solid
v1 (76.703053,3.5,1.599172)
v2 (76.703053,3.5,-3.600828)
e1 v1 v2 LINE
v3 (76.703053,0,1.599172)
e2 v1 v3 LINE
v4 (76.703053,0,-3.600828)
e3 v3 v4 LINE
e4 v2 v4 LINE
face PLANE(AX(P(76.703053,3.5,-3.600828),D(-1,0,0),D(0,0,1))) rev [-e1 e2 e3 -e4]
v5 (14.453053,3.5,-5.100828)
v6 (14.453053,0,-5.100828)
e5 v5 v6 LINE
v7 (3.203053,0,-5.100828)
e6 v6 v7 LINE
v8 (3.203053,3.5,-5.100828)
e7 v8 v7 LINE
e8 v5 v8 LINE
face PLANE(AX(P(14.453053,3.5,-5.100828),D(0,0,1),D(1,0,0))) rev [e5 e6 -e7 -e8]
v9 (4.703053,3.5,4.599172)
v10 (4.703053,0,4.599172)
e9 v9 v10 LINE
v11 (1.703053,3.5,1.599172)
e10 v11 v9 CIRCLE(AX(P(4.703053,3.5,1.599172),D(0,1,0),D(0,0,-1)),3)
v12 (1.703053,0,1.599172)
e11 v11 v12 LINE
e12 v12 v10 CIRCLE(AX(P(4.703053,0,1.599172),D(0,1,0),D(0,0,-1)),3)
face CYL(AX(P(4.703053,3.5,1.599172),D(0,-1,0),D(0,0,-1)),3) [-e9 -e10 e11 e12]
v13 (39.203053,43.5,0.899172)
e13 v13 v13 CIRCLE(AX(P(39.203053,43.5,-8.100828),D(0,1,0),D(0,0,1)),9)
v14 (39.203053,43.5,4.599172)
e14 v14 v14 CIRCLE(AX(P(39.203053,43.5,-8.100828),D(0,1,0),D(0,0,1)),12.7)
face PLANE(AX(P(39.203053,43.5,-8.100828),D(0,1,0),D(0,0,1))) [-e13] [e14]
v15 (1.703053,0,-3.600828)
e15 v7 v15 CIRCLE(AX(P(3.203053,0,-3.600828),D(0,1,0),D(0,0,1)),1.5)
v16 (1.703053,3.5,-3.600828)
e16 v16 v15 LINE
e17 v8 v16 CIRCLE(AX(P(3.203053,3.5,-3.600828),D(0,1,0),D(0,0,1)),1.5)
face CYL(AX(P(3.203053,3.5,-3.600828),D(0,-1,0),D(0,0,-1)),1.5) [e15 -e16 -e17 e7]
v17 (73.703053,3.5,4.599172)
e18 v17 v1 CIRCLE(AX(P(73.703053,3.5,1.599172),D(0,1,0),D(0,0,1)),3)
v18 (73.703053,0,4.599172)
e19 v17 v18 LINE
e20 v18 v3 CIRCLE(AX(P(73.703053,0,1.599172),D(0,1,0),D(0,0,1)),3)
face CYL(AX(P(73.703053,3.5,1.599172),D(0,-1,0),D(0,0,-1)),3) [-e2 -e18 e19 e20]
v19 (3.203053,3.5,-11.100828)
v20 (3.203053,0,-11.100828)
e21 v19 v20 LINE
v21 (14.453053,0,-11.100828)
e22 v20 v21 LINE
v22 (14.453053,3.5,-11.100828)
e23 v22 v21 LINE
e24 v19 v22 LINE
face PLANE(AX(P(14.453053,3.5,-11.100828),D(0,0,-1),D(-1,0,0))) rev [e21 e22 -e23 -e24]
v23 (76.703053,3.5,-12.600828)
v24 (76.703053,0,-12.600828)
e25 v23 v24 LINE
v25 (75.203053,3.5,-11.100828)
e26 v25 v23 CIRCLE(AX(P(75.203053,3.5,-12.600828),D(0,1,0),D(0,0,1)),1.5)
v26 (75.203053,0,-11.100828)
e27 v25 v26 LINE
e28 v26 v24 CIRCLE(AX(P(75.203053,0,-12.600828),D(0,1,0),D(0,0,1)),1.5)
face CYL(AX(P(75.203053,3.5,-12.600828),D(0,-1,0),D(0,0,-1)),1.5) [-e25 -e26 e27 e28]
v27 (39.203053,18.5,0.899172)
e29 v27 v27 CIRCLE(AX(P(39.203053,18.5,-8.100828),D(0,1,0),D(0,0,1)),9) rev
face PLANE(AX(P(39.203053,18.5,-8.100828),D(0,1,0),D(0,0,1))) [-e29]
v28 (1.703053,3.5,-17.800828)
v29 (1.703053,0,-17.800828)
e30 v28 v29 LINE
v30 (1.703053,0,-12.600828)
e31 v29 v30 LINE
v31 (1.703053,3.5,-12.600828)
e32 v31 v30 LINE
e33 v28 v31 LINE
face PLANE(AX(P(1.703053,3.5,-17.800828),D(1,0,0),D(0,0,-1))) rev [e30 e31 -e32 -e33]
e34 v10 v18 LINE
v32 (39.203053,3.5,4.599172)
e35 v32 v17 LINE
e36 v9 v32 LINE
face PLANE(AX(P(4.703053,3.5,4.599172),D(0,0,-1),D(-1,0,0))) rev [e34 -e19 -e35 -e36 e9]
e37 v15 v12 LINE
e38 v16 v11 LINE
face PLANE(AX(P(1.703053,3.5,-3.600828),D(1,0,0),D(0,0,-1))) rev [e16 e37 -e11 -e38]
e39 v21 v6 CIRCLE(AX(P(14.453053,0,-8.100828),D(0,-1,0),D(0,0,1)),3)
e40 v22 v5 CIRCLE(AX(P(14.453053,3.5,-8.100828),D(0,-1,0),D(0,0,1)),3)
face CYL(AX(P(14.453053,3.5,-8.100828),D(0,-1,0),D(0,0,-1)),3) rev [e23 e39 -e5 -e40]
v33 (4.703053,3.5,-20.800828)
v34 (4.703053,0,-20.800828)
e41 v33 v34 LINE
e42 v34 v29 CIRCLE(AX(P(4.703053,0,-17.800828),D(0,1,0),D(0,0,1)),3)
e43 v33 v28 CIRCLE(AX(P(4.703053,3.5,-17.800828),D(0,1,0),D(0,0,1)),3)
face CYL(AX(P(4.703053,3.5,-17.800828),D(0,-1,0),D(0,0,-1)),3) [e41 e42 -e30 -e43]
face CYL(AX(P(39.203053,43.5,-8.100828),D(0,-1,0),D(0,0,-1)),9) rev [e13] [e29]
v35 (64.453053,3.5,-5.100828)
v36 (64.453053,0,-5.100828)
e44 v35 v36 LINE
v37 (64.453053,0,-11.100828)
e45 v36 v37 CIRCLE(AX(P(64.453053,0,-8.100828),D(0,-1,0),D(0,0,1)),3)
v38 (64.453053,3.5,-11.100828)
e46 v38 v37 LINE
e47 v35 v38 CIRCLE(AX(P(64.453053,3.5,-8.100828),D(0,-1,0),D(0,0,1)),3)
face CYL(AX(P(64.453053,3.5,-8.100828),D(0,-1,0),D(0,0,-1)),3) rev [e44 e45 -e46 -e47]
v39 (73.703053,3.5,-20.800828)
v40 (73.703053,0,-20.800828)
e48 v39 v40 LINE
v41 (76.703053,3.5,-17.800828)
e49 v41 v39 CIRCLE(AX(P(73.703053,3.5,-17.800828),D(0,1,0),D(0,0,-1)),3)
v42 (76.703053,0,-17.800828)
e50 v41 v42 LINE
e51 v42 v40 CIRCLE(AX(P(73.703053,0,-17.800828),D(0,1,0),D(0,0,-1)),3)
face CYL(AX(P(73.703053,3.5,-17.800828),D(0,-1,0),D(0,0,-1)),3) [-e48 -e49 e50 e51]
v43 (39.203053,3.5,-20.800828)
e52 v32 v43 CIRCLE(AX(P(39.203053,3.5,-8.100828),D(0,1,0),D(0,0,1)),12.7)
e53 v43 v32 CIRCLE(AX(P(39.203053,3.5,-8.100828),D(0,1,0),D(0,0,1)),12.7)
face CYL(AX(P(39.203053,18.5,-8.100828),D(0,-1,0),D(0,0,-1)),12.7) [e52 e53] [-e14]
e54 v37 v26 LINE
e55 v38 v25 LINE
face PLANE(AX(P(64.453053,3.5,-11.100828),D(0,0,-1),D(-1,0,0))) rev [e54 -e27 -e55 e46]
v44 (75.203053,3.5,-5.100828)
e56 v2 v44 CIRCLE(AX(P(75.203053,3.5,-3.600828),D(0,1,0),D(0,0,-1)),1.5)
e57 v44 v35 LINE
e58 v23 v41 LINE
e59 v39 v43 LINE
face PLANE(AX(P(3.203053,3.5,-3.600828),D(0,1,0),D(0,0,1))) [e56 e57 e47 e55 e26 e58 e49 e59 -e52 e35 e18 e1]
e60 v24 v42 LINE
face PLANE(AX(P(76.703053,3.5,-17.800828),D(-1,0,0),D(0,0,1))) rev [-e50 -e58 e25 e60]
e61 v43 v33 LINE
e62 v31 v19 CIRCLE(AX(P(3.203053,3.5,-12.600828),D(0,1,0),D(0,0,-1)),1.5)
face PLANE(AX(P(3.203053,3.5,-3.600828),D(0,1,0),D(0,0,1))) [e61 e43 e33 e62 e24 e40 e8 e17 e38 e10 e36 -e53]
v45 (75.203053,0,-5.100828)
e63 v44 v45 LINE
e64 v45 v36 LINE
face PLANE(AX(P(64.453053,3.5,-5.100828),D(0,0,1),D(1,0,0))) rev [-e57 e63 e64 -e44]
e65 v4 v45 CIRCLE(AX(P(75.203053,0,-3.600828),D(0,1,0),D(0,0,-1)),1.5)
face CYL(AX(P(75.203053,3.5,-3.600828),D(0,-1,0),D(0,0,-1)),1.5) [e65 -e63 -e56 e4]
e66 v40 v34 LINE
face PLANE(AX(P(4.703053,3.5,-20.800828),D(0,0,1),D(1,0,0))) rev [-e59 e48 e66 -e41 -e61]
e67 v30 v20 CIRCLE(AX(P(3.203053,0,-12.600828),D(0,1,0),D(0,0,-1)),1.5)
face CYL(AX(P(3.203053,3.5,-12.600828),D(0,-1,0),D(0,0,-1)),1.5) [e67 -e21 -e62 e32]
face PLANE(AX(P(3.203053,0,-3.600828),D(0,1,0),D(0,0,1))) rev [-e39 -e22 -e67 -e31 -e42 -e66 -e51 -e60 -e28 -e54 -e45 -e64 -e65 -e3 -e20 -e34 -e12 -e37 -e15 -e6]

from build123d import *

# Parameters (mm, degrees)
BOSS_EXTRUDE2_DEPTH = 3.5
SKETCH4_R           = 12.7
BOSS_EXTRUDE3_DEPTH = 15
SKETCH5_R           = 12.7
SKETCH5_R_2         = 9
BOSS_EXTRUDE4_DEPTH = 25


with BuildPart() as part:
    # Sketch1 → Boss-Extrude2 (new body)
    with BuildSketch(Plane(origin=(0, 0, 0), x_dir=(1, 0, 0), z_dir=(0, 1, 0))):
        with BuildLine():
            Line((64.453053112, 11.100827963), (75.203053112, 11.100827963))
            ThreePointArc((75.203053112, 11.100827963), (76.263713284, 11.540167791), (76.703053112, 12.600827963))
            Line((76.703053112, 12.600827963), (76.703053112, 17.800827963))
            ThreePointArc((76.703053112, 17.800827963), (75.824373455, 19.922148306), (73.703053112, 20.800827963))
            Line((73.703053112, 20.800827963), (4.703053112, 20.800827963))
            ThreePointArc((4.703053112, 20.800827963), (2.581732768, 19.922148306), (1.703053112, 17.800827963))
            Line((1.703053112, 17.800827963), (1.703053112, 12.600827963))
            ThreePointArc((1.703053112, 12.600827963), (2.14239294, 11.540167791), (3.203053112, 11.100827963))
            Line((3.203053112, 11.100827963), (14.453053112, 11.100827963))
            ThreePointArc((14.453053112, 11.100827963), (17.453053112, 8.100827963), (14.453053112, 5.100827963))
            Line((14.453053112, 5.100827963), (3.203053112, 5.100827963))
            ThreePointArc((3.203053112, 5.100827963), (2.14239294, 4.661488134), (1.703053112, 3.600827963))
            Line((1.703053112, 3.600827963), (1.703053112, -1.599172037))
            ThreePointArc((1.703053112, -1.599172037), (2.581732768, -3.720492381), (4.703053112, -4.599172037))
            Line((4.703053112, -4.599172037), (73.703053112, -4.599172037))
            ThreePointArc((73.703053112, -4.599172037), (75.824373455, -3.720492381), (76.703053112, -1.599172037))
            Line((76.703053112, -1.599172037), (76.703053112, 3.600827963))
            ThreePointArc((76.703053112, 3.600827963), (76.263713284, 4.661488134), (75.203053112, 5.100827963))
            Line((75.203053112, 5.100827963), (64.453053112, 5.100827963))
            ThreePointArc((64.453053112, 5.100827963), (61.453053112, 8.100827963), (64.453053112, 11.100827963))
        make_face()
    extrude(amount=BOSS_EXTRUDE2_DEPTH)

    # Sketch4 → Boss-Extrude3 (add)
    with BuildSketch(Plane(origin=(0, 3.5, 0), x_dir=(1, 0, 0), z_dir=(0, 1, 0))):
        with Locations(Location((39.203053112, 8.100827963, 0), (0, 0, 270))):
            Circle(SKETCH4_R)
    extrude(amount=BOSS_EXTRUDE3_DEPTH)

    # Sketch5 → Boss-Extrude4 (add)
    with BuildSketch(Plane(origin=(0, 18.5, 0), x_dir=(1, 0, 0), z_dir=(0, 1, 0))):
        with Locations(Location((39.203053112, 8.100827963, 0), (0, 0, 270))):
            Circle(SKETCH5_R)
        with Locations(Location((39.203053112, 8.100827963, 0), (0, 0, 270))):
            Circle(SKETCH5_R_2, mode=Mode.SUBTRACT)
    extrude(amount=BOSS_EXTRUDE4_DEPTH)


solid = part.part
